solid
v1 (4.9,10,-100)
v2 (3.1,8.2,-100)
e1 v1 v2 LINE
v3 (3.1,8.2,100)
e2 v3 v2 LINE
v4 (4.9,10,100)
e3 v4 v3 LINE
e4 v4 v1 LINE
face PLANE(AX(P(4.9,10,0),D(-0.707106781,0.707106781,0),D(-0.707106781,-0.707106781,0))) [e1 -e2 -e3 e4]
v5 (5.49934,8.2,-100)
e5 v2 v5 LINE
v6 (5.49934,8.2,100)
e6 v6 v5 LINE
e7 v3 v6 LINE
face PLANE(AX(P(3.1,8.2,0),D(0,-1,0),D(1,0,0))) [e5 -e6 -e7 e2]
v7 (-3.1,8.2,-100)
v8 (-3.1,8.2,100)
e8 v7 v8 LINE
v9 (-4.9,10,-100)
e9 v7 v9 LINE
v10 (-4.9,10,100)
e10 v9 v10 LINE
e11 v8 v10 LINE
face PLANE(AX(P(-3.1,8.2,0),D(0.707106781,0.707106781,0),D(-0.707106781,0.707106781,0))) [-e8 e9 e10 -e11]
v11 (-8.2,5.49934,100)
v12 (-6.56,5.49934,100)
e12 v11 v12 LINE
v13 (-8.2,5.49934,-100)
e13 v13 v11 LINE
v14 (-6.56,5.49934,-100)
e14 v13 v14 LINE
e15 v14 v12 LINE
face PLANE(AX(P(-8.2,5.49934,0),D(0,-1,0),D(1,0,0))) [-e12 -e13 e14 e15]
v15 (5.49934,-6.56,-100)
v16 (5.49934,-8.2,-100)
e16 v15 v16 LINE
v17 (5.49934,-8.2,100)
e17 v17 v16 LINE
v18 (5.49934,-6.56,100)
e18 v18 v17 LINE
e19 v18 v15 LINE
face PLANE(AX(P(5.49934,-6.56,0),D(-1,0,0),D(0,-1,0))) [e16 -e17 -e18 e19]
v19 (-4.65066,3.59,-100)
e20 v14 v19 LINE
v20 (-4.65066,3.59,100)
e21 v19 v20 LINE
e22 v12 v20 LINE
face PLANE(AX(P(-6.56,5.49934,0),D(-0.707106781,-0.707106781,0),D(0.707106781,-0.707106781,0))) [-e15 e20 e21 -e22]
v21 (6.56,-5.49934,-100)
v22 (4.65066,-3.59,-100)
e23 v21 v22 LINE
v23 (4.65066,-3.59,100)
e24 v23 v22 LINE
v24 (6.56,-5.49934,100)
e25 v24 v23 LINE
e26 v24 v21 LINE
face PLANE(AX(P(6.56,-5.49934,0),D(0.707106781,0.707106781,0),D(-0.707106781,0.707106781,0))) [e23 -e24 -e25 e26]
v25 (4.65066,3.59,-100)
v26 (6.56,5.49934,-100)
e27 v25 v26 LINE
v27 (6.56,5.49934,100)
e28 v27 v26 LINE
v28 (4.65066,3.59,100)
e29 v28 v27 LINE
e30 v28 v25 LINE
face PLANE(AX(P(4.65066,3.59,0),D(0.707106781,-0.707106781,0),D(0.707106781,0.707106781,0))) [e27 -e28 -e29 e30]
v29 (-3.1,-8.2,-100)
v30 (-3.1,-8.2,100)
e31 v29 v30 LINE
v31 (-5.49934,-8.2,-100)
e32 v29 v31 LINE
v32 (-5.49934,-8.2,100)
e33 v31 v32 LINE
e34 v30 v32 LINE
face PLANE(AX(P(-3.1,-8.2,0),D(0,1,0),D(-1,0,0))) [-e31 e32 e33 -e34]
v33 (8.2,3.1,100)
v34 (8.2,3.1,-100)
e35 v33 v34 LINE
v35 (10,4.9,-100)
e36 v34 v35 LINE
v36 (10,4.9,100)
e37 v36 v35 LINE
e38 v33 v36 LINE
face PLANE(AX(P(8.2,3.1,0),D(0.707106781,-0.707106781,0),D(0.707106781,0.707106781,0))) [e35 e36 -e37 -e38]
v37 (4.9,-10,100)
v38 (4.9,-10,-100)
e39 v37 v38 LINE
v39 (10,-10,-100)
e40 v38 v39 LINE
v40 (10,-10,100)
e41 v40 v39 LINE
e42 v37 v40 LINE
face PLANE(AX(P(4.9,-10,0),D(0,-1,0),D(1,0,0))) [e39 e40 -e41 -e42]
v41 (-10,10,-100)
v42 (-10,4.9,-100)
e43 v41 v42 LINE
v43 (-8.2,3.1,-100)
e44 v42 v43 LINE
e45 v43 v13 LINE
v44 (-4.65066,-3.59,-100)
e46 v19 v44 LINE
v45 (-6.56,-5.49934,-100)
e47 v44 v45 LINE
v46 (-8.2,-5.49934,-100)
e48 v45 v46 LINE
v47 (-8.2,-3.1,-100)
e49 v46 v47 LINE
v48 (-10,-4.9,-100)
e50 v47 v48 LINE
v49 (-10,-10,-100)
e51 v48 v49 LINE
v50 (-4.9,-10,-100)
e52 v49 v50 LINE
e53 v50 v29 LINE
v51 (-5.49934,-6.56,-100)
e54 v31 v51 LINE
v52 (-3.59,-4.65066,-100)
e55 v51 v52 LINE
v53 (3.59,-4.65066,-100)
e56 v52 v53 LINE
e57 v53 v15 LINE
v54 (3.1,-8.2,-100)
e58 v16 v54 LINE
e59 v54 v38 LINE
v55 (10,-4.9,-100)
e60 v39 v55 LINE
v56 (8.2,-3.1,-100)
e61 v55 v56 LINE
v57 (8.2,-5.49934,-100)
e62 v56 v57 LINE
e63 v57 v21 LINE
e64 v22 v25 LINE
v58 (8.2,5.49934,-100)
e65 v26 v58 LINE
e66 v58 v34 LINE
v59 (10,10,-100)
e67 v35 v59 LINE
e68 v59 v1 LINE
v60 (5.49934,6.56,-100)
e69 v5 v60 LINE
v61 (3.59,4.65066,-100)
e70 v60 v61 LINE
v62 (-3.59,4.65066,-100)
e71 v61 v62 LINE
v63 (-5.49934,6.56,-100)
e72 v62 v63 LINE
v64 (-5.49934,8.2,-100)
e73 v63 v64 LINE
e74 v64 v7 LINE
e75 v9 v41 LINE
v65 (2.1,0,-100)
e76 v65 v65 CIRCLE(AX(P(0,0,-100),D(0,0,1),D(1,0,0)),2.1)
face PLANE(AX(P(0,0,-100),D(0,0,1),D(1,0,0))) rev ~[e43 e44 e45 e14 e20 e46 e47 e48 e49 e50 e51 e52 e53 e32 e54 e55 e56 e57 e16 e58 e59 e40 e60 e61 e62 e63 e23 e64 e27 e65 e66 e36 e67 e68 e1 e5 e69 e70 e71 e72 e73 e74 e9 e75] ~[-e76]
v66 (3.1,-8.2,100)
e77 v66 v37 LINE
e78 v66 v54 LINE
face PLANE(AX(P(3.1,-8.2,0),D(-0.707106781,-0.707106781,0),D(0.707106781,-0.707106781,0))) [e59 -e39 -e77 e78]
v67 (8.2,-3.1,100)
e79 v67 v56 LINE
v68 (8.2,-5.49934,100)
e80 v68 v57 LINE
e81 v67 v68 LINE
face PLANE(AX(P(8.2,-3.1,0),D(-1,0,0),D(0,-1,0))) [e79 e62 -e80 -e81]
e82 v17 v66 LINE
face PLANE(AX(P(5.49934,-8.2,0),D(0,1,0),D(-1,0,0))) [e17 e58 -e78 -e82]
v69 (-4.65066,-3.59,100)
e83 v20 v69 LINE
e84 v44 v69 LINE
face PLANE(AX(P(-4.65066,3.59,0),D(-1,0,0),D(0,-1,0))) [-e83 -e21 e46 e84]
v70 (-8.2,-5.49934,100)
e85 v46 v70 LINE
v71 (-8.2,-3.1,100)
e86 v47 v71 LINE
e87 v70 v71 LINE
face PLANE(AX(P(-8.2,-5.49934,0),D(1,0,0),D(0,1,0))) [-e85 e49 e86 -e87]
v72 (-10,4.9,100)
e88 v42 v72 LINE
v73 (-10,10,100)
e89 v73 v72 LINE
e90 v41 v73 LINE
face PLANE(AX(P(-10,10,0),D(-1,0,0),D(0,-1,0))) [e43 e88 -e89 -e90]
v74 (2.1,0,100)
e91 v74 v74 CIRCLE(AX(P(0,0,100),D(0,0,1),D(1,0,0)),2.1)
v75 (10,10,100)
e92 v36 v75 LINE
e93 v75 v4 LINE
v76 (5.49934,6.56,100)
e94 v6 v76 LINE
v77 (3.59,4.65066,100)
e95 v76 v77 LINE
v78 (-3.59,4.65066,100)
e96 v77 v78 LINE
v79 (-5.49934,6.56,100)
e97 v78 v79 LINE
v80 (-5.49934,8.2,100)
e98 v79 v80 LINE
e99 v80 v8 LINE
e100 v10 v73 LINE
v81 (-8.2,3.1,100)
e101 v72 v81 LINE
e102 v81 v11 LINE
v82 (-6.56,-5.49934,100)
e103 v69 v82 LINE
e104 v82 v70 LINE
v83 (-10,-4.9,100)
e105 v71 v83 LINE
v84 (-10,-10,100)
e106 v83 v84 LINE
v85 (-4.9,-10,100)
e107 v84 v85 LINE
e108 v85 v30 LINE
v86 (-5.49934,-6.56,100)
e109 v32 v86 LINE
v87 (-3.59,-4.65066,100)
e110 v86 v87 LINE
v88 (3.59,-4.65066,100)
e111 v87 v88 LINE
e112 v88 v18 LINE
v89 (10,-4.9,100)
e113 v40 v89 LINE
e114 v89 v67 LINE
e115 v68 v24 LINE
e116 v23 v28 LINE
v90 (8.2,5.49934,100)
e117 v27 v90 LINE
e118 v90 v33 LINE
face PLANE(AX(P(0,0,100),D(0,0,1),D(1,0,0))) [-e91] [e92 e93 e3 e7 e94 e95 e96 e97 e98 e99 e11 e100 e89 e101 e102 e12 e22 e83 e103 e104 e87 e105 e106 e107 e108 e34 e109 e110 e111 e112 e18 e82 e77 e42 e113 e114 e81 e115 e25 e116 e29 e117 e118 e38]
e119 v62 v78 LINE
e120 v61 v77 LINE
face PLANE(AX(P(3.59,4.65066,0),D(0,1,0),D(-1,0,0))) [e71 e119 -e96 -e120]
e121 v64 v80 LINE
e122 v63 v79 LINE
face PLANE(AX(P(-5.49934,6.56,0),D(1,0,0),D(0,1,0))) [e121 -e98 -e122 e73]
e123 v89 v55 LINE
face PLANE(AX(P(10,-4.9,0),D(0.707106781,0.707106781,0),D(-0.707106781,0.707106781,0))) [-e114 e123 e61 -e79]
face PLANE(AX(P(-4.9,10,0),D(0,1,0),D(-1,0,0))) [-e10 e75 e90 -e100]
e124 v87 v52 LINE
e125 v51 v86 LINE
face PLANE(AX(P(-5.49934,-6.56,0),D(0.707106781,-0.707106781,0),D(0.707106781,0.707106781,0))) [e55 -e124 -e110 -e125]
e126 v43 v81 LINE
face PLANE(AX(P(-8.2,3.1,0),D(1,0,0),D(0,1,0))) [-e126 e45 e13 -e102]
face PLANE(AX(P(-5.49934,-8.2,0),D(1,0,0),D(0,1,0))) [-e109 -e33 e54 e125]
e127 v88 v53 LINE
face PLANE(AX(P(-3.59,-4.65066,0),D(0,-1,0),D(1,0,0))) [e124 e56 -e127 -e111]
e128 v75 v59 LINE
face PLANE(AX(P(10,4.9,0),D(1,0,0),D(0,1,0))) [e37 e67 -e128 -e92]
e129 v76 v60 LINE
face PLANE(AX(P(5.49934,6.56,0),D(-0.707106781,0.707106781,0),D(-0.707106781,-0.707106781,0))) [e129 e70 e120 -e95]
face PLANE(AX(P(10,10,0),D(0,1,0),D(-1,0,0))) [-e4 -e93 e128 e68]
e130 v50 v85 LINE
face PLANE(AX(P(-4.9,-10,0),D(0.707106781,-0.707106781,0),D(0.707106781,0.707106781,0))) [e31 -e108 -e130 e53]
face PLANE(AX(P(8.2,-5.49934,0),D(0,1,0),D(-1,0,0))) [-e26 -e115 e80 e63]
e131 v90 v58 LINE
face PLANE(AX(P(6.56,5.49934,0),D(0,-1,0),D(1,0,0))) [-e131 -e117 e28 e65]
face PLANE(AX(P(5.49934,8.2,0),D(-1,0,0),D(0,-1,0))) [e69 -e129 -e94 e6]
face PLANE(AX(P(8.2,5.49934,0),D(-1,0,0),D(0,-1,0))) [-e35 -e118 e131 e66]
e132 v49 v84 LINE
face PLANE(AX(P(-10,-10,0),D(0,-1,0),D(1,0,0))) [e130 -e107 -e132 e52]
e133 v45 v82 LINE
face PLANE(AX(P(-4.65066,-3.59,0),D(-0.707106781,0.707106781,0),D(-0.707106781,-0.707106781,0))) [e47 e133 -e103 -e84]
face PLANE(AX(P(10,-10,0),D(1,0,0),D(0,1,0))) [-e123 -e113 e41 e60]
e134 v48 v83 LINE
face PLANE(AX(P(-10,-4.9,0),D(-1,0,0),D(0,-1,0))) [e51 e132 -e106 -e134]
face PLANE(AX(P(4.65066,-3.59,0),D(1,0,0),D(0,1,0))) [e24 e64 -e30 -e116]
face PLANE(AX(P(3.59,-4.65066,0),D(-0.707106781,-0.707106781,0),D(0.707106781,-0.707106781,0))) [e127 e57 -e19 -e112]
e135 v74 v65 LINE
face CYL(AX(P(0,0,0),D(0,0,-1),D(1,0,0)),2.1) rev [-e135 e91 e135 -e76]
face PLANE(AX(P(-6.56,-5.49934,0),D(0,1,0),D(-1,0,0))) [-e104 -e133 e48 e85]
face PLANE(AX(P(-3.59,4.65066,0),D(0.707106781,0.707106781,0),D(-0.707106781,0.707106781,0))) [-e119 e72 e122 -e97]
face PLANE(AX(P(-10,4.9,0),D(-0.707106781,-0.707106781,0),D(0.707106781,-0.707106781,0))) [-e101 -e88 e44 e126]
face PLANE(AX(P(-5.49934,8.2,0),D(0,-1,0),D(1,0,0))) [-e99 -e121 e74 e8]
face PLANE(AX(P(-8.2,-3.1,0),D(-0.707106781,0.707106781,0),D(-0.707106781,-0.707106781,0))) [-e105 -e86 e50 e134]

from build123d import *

# Parameters (mm, degrees)
SKETCH1_R           = 2.1
BOSS_EXTRUDE1_DEPTH = 100


with BuildPart() as part:
    # Sketch1 → Boss-Extrude1 (new body, symmetric)
    with BuildSketch(Plane.XY):
        Polygon((5.499339828, 6.56), (3.59, 4.650660172), (-3.59, 4.650660172), (-5.499339828, 6.56), (-5.499339828, 8.2), (-3.1, 8.2), (-4.9, 10), (-10, 10), (-10, 4.9), (-8.2, 3.1), (-8.2, 5.499339828), (-6.56, 5.499339828), (-4.650660172, 3.59), (-4.650660172, -3.59), (-6.56, -5.499339828), (-8.2, -5.499339828), (-8.2, -3.1), (-10, -4.9), (-10, -10), (-4.9, -10), (-3.1, -8.2), (-5.499339828, -8.2), (-5.499339828, -6.56), (-3.59, -4.650660172), (3.59, -4.650660172), (5.499339828, -6.56), (5.499339828, -8.2), (3.1, -8.2), (4.9, -10), (10, -10), (10, -4.9), (8.2, -3.1), (8.2, -5.499339828), (6.56, -5.499339828), (4.650660172, -3.59), (4.650660172, 3.59), (6.56, 5.499339828), (8.2, 5.499339828), (8.2, 3.1), (10, 4.9), (10, 10), (4.9, 10), (3.1, 8.2), (5.499339828, 8.2), align=None)
        Circle(SKETCH1_R, mode=Mode.SUBTRACT)
    extrude(amount=BOSS_EXTRUDE1_DEPTH, both=True)


solid = part.part
